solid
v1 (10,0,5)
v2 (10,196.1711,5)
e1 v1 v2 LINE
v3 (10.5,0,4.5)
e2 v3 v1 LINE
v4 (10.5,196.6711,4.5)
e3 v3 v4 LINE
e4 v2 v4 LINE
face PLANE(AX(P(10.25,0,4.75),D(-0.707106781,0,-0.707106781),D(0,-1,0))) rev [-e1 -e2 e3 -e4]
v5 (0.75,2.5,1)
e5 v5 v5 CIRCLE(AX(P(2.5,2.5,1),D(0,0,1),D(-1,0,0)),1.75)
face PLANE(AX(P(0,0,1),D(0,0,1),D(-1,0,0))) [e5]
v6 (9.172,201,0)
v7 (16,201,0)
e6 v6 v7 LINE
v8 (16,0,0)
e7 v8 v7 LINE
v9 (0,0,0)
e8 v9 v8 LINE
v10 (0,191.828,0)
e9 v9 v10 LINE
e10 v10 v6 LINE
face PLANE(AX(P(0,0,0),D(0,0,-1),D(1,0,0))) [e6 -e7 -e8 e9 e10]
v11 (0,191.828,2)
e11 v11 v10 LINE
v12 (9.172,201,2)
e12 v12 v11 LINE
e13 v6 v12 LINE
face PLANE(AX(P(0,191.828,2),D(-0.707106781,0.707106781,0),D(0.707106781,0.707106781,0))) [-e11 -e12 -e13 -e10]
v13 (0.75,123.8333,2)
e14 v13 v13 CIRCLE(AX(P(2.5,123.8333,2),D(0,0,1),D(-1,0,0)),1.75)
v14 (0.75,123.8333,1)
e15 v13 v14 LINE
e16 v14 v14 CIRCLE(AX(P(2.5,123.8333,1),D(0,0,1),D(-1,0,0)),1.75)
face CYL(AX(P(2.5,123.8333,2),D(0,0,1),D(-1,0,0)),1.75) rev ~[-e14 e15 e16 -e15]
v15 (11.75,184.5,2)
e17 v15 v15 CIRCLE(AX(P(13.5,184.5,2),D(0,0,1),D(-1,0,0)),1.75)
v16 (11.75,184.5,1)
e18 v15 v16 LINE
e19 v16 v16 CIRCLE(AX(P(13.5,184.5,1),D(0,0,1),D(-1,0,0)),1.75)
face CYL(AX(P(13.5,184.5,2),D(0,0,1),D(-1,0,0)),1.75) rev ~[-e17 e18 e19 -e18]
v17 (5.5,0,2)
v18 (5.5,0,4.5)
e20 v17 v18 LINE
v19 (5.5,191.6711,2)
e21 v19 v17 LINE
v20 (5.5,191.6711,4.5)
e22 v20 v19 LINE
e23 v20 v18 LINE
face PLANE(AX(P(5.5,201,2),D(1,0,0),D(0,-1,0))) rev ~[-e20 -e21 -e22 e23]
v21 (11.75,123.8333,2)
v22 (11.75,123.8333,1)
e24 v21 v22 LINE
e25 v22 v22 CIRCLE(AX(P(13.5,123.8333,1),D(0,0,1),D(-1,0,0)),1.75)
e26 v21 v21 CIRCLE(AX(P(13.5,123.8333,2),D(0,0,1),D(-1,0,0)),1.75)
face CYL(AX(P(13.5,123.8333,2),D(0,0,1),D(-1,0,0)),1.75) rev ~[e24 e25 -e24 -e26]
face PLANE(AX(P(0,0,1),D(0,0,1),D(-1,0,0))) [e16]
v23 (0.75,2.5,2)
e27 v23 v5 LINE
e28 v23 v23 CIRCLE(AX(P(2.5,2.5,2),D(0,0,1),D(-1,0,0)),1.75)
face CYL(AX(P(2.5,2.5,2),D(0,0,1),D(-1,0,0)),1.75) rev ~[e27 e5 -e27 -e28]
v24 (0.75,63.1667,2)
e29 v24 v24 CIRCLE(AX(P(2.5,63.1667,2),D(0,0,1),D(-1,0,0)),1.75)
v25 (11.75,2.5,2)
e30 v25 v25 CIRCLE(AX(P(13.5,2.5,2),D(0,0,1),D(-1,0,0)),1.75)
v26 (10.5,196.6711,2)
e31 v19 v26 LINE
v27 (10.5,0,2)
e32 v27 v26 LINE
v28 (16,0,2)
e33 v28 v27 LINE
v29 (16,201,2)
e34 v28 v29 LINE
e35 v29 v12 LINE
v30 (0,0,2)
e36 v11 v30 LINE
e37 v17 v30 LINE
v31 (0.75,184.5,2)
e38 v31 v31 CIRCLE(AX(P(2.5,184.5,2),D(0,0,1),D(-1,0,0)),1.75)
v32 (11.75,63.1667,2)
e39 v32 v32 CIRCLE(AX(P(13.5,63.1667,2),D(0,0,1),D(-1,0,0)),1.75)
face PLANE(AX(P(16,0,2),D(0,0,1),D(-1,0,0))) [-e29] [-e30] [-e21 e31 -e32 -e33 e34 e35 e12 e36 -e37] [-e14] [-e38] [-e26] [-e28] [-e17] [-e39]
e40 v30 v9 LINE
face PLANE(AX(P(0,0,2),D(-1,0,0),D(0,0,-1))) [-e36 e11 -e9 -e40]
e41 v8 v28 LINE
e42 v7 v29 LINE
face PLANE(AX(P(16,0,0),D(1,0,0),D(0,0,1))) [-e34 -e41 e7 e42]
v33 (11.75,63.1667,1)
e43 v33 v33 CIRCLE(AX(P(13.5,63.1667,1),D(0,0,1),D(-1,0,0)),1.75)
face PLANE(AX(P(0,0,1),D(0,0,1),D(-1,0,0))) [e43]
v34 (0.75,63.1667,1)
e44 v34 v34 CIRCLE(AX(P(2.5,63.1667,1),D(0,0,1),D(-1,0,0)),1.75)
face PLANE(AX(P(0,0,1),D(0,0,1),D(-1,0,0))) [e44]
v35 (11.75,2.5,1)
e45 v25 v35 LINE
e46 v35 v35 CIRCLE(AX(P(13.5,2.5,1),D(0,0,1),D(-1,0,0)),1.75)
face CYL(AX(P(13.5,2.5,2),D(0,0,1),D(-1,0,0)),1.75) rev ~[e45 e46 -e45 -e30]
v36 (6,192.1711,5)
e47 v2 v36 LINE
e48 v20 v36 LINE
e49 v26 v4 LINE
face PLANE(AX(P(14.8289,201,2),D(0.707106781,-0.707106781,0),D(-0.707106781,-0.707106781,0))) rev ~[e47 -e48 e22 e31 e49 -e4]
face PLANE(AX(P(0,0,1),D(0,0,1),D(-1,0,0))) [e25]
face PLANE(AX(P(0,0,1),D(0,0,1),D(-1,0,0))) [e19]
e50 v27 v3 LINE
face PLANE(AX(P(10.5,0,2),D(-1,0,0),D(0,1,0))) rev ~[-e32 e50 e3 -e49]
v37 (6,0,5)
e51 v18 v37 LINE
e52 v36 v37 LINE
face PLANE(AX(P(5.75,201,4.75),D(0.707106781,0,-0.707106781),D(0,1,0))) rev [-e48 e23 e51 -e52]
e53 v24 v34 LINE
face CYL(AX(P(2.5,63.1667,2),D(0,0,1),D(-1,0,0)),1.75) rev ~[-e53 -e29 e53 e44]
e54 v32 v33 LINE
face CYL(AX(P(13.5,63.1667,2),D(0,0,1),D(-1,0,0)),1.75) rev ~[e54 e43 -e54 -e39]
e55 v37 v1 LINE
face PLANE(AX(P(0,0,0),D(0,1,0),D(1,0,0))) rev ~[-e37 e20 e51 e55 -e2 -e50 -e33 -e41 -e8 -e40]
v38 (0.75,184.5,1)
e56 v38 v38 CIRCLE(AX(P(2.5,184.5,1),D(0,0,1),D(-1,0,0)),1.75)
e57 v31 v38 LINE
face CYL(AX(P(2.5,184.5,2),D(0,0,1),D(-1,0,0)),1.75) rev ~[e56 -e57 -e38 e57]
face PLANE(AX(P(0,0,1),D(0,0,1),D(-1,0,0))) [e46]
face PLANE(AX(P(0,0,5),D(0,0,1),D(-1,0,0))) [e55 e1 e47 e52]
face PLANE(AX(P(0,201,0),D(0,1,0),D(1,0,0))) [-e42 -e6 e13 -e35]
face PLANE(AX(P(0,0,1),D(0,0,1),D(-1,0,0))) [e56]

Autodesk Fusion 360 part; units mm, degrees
sketch "3D-printed conduit top outline" plane through (0, 0, 0) normal (0, 1, 0) x (1, 0, 0)
  line L0 (0, 0) -> (16, 0)
  line L1 (16, 0) -> (16, -2)
  line L2 (16, -2) -> (0, -2)
  line L3 (0, -2) -> (0, 0)
  dimension "d7" = 16
  dimension "d8" = 2
extrude "Extrude1" add sketch "3D-printed conduit top outline" along normal blind 201
sketch "Magnet holes" plane through (0, 0, 2) normal (0, 0, 1) x (-1, 0, 0)
  line L0 (0, 0) -> (-16, 0)
  line L1 (-16, 0) -> (-16, -201)
  line L2 (-16, -201) -> (0, -201)
  line L3 (0, -201) -> (0, 0)
  circle A0 centre (-2.5, -2.5) radius 2.5
  circle A1 centre (-13.5, -2.5) radius 2.5
  circle A2 centre (-2.5, -2.5) radius 1.75
  circle A3 centre (-13.5, -2.5) radius 1.75
  circle A4 centre (-2.5, -63.1667) radius 1.75
  circle A5 centre (-2.5, -63.1667) radius 2.5
  circle A6 centre (-13.5, -63.1667) radius 2.5
  circle A7 centre (-13.5, -63.1667) radius 1.75
  circle A8 centre (-2.5, -123.8333) radius 1.75
  circle A9 centre (-2.5, -123.8333) radius 2.5
  circle A10 centre (-13.5, -123.8333) radius 2.5
  circle A11 centre (-13.5, -123.8333) radius 1.75
  circle A12 centre (-2.5, -184.5) radius 1.75
  circle A13 centre (-2.5, -184.5) radius 2.5
  circle A14 centre (-13.5, -184.5) radius 2.5
  circle A15 centre (-13.5, -184.5) radius 1.75
  dimension "d11" = 5
  dimension "d12" = 5
  dimension "d13" = 3.5
  dimension "d14" = 3.5
  dimension "d17" = 0
  dimension "d18" = -182
extrude "Extrude2" cut sketch "Magnet holes" against normal blind 1 contours A2 | A3 | A4 | A7 | A8 | A11 | A12 | A15
sketch "Support rib" plane through (0, 0, 2) normal (0, 0, 1) x (-1, 0, 0)
  line L0 (0, 0) -> (-16, 0)
  line L1 (-16, 0) -> (-16, -201)
  line L2 (-16, -201) -> (0, -201)
  line L3 (0, -201) -> (0, 0)
  circle A0 centre (-13.5, -184.5) radius 1.75
  circle A1 centre (-13.5, -63.1667) radius 1.75
  circle A2 centre (-2.5, -2.5) radius 1.75
  circle A3 centre (-2.5, -123.8333) radius 1.75
  circle A4 centre (-2.5, -184.5) radius 1.75
  circle A5 centre (-2.5, -63.1667) radius 1.75
  circle A6 centre (-13.5, -2.5) radius 1.75
  circle A7 centre (-13.5, -123.8333) radius 1.75
  line L4 (-5.5, 0) -> (-10.5, 0)
  line L5 (-10.5, 0) -> (-10.5, -201)
  line L6 (-10.5, -201) -> (-5.5, -201)
  line L7 (-5.5, -201) -> (-5.5, 0)
  dimension "d23" = 5
  dimension "d24" = 5.5
  dimension "d25" = 5.5
extrude "Extrude3" add sketch "Support rib" along normal blind 3 contours L0 L2 L4 L5 L6 L7
chamfer "Chamfer1" distance 0.5 angle 45 2 edges at (5.5, 100.5, 5) (10.5, 100.5, 5)
sketch "End chamfer" plane through (0, 0, 2) normal (0, 0, 1) x (-1, 0, 0)
  line L0 (-10.5, -201) -> (-10.5, 0)
  line L1 (-10.5, 0) -> (-16, 0)
  line L2 (-16, 0) -> (-16, -201)
  line L3 (-16, -201) -> (-10.5, -201)
  circle A0 centre (-13.5, -123.8333) radius 1.75
  circle A1 centre (-13.5, -2.5) radius 1.75
  circle A2 centre (-13.5, -63.1667) radius 1.75
  circle A3 centre (-13.5, -184.5) radius 1.75
  line L4 (0, -191.828) -> (-9.172, -201)
  line L5 (0, 0) -> (0, -201)
  line L6 (-14.8289, -201) -> (0, -186.1711)
  line L7 (0, -191.828) -> (0, -201)
  line L8 (0, -201) -> (-9.172, -201)
  line L9 (-9.172, -201) -> (-14.8289, -201)
  line L10 (0, -191.828) -> (0, -186.1711)
  dimension "d30" = 6.828
  dimension "d31" = 135
  dimension "d32" = 4
extrude "Extrude4" cut sketch "End chamfer" along normal blind 3 and the other way blind 2 contours L4 L5 L7 L8
extrude "Extrude5" cut sketch "End chamfer" along normal blind 3 contours L0 L3 L6 L9 | L0 L4 L5 L6 L9 L10
equation "conduit_length = 201 mm"
equation "conduit_width = 16 mm"
equation "conduit_wall_thickness = 2 mm"
equation "magnet_diameter = 3 mm"
equation "magnet_height = 1 mm"
equation "number_of_magnets_on_a_side = 4"
equation "d7 = conduit_width"
equation "d8 = conduit_wall_thickness"
equation "d9 = conduit_length"
equation "d11 = magnet_diameter + 2 mm"
equation "d12 = magnet_diameter + 2 mm"
equation "d13 = magnet_diameter + 0.5 mm"
equation "d14 = magnet_diameter + 0.5 mm"
equation "d16 = number_of_magnets_on_a_side"
equation "d18 = -conduit_length + ( magnet_diameter + 2 mm ) + 14 mm"
equation "d19 = -magnet_height"
equation "rib_width = 5 mm"
equation "rib_height = 3 mm"
equation "d23 = rib_width"
equation "d24 = ( conduit_width - rib_width ) / 2"
equation "d26 = rib_height"
equation "rib_chamfer = 0.5 mm"
equation "d29 = rib_chamfer"
equation "d32 = 2 * conduit_wall_thickness"
equation "d33 = rib_height"
equation "d35 = conduit_wall_thickness"
equation "d37 = rib_height"
